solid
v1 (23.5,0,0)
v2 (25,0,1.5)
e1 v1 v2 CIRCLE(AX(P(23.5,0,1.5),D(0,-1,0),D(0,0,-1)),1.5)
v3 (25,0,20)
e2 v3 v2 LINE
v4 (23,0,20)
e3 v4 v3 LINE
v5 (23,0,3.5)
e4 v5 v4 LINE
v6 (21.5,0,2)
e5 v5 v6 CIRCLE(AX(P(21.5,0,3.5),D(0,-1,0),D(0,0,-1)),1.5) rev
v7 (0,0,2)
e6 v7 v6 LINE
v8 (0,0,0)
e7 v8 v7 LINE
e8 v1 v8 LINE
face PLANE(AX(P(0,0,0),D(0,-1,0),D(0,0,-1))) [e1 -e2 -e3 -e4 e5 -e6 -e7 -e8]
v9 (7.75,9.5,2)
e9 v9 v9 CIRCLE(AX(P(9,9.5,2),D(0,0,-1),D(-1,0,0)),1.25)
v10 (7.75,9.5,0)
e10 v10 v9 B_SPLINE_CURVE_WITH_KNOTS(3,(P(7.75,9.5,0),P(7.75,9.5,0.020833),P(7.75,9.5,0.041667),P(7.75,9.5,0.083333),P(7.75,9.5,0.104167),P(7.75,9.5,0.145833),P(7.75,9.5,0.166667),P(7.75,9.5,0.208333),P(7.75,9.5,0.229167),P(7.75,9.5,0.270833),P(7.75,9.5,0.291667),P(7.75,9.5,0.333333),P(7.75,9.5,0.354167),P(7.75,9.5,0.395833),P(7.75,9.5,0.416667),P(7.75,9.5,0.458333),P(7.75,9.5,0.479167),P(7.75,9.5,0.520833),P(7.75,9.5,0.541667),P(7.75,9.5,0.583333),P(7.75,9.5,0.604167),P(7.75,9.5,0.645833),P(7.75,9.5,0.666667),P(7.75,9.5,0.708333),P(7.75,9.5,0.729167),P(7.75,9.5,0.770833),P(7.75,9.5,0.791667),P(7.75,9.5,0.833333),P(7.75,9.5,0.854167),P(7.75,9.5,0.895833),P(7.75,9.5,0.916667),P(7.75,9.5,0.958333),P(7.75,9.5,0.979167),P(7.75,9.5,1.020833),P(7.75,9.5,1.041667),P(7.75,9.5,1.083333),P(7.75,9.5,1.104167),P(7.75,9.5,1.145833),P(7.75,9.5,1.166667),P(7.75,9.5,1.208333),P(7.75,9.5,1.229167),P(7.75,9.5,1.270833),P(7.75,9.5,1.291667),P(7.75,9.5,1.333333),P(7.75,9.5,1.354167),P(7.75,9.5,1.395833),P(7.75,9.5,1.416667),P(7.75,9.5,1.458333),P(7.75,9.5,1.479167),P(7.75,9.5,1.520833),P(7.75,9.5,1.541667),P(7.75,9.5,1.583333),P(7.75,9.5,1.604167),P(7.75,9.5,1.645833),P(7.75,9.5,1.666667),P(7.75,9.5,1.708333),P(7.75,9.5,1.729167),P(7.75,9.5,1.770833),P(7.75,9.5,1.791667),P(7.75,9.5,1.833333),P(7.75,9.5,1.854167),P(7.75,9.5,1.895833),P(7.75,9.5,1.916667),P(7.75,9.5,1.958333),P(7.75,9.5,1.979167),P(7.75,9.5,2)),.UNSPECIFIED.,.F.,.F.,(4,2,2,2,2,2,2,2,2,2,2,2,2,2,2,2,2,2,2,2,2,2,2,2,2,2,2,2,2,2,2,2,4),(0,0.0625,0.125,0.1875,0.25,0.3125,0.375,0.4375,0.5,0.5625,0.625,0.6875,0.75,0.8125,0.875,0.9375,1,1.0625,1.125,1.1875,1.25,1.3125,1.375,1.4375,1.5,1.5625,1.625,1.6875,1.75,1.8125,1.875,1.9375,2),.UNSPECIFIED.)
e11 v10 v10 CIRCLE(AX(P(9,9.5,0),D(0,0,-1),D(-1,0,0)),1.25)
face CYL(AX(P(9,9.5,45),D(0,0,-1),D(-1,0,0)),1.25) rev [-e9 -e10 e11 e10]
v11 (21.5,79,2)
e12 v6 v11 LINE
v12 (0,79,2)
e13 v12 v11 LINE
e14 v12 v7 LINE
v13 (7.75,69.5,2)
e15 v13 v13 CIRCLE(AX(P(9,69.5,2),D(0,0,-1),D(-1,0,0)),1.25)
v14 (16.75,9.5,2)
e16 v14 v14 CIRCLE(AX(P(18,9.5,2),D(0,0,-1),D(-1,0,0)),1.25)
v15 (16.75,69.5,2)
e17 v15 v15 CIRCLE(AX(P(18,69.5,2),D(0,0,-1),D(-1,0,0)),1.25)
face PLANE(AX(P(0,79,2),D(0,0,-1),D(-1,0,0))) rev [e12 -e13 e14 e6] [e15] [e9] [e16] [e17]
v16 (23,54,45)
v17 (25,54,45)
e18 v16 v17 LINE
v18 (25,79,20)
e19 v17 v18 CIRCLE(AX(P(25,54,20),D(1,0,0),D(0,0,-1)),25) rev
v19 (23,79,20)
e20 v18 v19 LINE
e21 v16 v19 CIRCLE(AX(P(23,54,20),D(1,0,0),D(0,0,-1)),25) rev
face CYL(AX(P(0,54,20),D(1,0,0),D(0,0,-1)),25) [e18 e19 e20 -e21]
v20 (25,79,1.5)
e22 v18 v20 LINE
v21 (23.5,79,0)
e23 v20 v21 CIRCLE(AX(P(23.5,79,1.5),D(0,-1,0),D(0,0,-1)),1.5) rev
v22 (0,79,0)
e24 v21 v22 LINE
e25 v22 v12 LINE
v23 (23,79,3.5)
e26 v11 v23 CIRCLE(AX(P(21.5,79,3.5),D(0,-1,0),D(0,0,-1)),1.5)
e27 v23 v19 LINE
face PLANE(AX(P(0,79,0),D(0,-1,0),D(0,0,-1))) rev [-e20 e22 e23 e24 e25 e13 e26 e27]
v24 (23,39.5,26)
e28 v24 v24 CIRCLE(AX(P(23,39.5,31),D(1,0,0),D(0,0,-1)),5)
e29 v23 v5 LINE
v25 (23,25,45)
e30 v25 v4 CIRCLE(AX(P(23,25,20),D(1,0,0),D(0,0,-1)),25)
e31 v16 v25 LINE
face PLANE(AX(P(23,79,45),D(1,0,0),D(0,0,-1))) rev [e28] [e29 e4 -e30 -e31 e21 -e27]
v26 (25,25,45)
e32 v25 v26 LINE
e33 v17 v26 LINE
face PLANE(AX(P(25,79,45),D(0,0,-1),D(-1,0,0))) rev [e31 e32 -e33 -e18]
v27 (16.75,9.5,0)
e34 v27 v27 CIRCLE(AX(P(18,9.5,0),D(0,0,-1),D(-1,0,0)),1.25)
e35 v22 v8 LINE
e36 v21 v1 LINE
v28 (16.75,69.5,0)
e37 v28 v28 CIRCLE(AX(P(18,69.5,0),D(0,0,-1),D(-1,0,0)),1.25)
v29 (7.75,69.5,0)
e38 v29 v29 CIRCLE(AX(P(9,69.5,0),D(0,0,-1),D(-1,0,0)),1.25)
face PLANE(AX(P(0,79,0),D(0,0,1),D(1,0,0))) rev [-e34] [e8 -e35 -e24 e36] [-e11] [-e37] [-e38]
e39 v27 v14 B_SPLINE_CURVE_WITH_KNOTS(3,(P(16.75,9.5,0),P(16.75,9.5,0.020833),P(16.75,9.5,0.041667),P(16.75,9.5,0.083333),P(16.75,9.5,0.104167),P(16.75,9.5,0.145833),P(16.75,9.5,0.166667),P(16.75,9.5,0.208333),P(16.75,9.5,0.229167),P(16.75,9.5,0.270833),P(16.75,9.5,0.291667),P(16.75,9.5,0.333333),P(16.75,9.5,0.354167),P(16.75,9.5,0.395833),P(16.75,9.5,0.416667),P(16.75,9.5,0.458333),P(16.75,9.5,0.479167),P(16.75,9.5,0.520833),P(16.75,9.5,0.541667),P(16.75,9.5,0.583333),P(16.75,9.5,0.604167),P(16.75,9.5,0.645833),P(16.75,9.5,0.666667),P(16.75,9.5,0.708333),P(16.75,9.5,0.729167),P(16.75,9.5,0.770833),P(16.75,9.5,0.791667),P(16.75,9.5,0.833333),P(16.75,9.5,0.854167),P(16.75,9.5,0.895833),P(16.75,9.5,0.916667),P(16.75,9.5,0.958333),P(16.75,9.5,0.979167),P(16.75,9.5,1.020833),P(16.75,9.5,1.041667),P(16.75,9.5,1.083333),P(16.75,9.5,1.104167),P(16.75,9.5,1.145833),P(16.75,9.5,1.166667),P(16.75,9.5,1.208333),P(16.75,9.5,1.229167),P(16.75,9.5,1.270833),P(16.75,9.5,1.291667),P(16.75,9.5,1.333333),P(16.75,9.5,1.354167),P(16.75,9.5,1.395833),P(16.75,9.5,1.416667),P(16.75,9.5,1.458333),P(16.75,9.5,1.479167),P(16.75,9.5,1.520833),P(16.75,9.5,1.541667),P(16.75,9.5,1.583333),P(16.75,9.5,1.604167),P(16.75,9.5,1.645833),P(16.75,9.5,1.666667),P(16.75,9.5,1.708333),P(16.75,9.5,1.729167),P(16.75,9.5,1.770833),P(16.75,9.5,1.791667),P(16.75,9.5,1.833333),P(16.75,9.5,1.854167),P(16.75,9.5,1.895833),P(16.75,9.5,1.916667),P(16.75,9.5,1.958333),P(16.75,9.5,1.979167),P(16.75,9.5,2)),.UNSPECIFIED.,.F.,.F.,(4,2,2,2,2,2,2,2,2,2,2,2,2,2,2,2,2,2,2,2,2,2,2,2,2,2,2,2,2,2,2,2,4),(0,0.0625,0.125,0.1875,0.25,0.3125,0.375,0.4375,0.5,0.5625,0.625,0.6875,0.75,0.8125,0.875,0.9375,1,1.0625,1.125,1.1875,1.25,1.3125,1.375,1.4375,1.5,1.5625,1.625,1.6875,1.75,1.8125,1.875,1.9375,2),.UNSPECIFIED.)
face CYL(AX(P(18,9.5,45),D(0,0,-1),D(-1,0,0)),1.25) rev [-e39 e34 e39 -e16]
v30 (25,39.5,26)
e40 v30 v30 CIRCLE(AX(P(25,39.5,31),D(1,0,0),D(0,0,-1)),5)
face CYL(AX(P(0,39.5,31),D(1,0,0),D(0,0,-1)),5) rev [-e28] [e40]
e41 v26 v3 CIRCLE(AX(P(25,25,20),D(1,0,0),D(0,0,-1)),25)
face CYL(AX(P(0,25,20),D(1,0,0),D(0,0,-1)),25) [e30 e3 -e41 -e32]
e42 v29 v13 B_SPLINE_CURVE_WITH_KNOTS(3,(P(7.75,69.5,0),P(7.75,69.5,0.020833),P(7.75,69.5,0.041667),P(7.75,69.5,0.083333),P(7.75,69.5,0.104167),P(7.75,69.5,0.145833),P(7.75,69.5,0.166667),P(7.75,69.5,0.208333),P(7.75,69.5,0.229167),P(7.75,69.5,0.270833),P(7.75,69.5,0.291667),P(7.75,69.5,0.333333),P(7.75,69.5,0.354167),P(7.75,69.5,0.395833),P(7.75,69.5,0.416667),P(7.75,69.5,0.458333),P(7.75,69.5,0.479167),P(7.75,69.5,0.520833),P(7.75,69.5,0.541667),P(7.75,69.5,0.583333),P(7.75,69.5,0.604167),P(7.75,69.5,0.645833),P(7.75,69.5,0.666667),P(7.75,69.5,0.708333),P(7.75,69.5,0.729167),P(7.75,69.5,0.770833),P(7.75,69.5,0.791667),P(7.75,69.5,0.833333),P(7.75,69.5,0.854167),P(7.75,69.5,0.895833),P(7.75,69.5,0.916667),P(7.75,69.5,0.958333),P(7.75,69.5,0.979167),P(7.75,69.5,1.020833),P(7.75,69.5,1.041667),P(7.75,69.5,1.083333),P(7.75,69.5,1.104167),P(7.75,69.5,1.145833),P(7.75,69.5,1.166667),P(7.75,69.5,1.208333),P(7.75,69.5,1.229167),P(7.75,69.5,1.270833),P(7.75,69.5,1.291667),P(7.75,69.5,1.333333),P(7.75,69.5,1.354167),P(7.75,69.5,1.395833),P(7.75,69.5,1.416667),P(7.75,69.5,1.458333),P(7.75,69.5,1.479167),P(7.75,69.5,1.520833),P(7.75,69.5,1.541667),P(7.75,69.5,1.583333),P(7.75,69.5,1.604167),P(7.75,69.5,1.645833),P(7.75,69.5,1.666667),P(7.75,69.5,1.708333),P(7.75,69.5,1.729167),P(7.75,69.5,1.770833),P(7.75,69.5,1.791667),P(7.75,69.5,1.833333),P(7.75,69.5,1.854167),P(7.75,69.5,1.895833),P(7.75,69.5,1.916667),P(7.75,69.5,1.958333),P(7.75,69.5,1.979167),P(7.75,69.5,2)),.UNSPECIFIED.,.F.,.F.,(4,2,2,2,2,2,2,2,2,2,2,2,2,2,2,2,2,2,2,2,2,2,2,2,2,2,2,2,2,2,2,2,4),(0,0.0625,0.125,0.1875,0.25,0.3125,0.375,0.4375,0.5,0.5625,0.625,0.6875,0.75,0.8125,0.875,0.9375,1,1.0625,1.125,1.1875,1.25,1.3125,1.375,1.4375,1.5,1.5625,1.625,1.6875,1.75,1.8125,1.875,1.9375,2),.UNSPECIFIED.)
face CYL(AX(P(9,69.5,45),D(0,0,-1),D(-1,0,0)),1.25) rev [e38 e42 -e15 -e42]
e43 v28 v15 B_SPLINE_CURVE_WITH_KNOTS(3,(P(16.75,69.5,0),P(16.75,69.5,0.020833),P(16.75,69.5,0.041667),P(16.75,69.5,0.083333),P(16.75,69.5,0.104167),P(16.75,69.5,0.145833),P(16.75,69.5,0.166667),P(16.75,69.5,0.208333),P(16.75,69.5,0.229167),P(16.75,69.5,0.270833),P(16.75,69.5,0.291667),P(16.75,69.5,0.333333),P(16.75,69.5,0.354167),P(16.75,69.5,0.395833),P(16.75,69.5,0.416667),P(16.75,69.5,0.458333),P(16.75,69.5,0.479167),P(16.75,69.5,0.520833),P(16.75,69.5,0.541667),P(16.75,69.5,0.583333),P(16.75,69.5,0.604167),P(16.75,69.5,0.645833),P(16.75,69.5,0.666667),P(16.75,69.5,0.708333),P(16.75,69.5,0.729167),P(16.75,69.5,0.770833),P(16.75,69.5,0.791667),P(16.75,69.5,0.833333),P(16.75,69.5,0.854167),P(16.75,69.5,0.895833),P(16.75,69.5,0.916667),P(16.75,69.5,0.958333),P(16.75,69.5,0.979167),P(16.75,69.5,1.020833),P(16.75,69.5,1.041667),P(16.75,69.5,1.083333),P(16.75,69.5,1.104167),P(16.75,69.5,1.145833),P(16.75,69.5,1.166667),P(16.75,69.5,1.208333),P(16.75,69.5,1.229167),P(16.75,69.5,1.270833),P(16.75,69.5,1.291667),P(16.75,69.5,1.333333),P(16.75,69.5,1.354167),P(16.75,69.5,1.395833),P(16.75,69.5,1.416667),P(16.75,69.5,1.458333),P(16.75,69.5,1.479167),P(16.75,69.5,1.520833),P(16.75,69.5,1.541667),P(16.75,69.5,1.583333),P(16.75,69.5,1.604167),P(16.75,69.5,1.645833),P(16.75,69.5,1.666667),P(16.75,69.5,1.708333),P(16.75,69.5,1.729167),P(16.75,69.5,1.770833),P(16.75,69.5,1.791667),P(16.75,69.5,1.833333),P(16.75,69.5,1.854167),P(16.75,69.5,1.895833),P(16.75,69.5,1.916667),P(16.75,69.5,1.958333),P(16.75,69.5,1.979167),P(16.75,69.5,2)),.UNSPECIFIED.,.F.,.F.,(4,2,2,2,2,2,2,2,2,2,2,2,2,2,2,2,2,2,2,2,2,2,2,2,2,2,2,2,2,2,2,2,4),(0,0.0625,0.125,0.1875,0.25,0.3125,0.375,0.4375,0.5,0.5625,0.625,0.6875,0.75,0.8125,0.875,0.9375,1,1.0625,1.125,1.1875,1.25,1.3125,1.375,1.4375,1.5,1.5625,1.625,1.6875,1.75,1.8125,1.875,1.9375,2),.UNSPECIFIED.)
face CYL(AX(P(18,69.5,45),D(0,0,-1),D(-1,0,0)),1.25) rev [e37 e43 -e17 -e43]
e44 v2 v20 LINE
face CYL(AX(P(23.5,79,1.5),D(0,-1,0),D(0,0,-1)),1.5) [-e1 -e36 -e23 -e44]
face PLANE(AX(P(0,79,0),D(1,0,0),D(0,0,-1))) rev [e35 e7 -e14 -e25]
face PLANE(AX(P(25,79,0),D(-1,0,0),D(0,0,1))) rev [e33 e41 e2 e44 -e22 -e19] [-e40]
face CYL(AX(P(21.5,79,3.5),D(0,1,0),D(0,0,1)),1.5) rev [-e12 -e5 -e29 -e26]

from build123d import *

# Parameters (mm, degrees)
BOSS_EXTRUDE1_DEPTH = 79
SKETCH2_R           = 5
CUT_EXTRUDE1_DEPTH  = 95.292099351
CUT_EXTRUDE3_DEPTH  = 95.292099351
FILLET1_R           = 1.5
SKETCH5_R           = 1.25
CUT_EXTRUDE4_DEPTH  = 95.292099351


with BuildPart() as part:
    # Sketch1 → Boss-Extrude1 (new body)
    with BuildSketch(Plane(origin=(0, 0, 0), x_dir=(1, 0, 0), z_dir=(0, 1, 0))):
        Polygon((0, 0), (0, -2), (23, -2), (23, -45), (25, -45), (25, 0), align=None)
    extrude(amount=BOSS_EXTRUDE1_DEPTH)

    # Sketch2 → Cut-Extrude1 (cut, through all)
    with BuildSketch(Plane(origin=(25, 0, 0), x_dir=(0, 0, -1), z_dir=(1, 0, 0))):
        with Locations((-31, 39.5)):
            Circle(SKETCH2_R)
    extrude(amount=-CUT_EXTRUDE1_DEPTH, mode=Mode.SUBTRACT)

    # Sketch3 → Cut-Extrude3 (cut, through all)
    with BuildSketch(Plane(origin=(25, 0, 0), x_dir=(0, 0, -1), z_dir=(1, 0, 0))):
        Polygon((-56.02971798, 54), (-45, 54), (-45, 79), (-20, 79), (-20, 83.569029918), (-56.02971798, 83.569029918), align=None)
        Polygon((-45, 0), (-45, 25), (-50.640365422, 25), (-50.640365422, -10.402653787), (-20, -10.402653787), (-20, 0), align=None)
        with BuildLine():
            ThreePointArc((-20, 0), (-37.67766953, 7.32233047), (-45, 25))
            Line((-45, 25), (-45, 0))
            Line((-45, 0), (-20, 0))
        make_face()
        with BuildLine():
            Line((-45, 79), (-45, 54))
            ThreePointArc((-45, 54), (-37.67766953, 71.67766953), (-20, 79))
            Line((-20, 79), (-45, 79))
        make_face()
    extrude(amount=-CUT_EXTRUDE3_DEPTH, mode=Mode.SUBTRACT)

    # Fillet1
    fillet1_edges = [part.edges().sort_by_distance(p)[0] for p in [
        (25, 39.5, 0),
        (23, 39.5, 2),
    ]]
    fillet(fillet1_edges, radius=FILLET1_R)

    # Sketch5 → Cut-Extrude4 (cut, through all)
    with BuildSketch(Plane(origin=(0, 0, 0), x_dir=(-1, 0, 0), z_dir=(0, 0, -1))):
        with Locations((-18, 69.5)):
            Circle(SKETCH5_R)
        with Locations((-9, 69.5)):
            Circle(SKETCH5_R)
        with Locations((-9, 9.5)):
            Circle(SKETCH5_R)
        with Locations((-18, 9.5)):
            Circle(SKETCH5_R)
    extrude(amount=-CUT_EXTRUDE4_DEPTH, mode=Mode.SUBTRACT)


solid = part.part
